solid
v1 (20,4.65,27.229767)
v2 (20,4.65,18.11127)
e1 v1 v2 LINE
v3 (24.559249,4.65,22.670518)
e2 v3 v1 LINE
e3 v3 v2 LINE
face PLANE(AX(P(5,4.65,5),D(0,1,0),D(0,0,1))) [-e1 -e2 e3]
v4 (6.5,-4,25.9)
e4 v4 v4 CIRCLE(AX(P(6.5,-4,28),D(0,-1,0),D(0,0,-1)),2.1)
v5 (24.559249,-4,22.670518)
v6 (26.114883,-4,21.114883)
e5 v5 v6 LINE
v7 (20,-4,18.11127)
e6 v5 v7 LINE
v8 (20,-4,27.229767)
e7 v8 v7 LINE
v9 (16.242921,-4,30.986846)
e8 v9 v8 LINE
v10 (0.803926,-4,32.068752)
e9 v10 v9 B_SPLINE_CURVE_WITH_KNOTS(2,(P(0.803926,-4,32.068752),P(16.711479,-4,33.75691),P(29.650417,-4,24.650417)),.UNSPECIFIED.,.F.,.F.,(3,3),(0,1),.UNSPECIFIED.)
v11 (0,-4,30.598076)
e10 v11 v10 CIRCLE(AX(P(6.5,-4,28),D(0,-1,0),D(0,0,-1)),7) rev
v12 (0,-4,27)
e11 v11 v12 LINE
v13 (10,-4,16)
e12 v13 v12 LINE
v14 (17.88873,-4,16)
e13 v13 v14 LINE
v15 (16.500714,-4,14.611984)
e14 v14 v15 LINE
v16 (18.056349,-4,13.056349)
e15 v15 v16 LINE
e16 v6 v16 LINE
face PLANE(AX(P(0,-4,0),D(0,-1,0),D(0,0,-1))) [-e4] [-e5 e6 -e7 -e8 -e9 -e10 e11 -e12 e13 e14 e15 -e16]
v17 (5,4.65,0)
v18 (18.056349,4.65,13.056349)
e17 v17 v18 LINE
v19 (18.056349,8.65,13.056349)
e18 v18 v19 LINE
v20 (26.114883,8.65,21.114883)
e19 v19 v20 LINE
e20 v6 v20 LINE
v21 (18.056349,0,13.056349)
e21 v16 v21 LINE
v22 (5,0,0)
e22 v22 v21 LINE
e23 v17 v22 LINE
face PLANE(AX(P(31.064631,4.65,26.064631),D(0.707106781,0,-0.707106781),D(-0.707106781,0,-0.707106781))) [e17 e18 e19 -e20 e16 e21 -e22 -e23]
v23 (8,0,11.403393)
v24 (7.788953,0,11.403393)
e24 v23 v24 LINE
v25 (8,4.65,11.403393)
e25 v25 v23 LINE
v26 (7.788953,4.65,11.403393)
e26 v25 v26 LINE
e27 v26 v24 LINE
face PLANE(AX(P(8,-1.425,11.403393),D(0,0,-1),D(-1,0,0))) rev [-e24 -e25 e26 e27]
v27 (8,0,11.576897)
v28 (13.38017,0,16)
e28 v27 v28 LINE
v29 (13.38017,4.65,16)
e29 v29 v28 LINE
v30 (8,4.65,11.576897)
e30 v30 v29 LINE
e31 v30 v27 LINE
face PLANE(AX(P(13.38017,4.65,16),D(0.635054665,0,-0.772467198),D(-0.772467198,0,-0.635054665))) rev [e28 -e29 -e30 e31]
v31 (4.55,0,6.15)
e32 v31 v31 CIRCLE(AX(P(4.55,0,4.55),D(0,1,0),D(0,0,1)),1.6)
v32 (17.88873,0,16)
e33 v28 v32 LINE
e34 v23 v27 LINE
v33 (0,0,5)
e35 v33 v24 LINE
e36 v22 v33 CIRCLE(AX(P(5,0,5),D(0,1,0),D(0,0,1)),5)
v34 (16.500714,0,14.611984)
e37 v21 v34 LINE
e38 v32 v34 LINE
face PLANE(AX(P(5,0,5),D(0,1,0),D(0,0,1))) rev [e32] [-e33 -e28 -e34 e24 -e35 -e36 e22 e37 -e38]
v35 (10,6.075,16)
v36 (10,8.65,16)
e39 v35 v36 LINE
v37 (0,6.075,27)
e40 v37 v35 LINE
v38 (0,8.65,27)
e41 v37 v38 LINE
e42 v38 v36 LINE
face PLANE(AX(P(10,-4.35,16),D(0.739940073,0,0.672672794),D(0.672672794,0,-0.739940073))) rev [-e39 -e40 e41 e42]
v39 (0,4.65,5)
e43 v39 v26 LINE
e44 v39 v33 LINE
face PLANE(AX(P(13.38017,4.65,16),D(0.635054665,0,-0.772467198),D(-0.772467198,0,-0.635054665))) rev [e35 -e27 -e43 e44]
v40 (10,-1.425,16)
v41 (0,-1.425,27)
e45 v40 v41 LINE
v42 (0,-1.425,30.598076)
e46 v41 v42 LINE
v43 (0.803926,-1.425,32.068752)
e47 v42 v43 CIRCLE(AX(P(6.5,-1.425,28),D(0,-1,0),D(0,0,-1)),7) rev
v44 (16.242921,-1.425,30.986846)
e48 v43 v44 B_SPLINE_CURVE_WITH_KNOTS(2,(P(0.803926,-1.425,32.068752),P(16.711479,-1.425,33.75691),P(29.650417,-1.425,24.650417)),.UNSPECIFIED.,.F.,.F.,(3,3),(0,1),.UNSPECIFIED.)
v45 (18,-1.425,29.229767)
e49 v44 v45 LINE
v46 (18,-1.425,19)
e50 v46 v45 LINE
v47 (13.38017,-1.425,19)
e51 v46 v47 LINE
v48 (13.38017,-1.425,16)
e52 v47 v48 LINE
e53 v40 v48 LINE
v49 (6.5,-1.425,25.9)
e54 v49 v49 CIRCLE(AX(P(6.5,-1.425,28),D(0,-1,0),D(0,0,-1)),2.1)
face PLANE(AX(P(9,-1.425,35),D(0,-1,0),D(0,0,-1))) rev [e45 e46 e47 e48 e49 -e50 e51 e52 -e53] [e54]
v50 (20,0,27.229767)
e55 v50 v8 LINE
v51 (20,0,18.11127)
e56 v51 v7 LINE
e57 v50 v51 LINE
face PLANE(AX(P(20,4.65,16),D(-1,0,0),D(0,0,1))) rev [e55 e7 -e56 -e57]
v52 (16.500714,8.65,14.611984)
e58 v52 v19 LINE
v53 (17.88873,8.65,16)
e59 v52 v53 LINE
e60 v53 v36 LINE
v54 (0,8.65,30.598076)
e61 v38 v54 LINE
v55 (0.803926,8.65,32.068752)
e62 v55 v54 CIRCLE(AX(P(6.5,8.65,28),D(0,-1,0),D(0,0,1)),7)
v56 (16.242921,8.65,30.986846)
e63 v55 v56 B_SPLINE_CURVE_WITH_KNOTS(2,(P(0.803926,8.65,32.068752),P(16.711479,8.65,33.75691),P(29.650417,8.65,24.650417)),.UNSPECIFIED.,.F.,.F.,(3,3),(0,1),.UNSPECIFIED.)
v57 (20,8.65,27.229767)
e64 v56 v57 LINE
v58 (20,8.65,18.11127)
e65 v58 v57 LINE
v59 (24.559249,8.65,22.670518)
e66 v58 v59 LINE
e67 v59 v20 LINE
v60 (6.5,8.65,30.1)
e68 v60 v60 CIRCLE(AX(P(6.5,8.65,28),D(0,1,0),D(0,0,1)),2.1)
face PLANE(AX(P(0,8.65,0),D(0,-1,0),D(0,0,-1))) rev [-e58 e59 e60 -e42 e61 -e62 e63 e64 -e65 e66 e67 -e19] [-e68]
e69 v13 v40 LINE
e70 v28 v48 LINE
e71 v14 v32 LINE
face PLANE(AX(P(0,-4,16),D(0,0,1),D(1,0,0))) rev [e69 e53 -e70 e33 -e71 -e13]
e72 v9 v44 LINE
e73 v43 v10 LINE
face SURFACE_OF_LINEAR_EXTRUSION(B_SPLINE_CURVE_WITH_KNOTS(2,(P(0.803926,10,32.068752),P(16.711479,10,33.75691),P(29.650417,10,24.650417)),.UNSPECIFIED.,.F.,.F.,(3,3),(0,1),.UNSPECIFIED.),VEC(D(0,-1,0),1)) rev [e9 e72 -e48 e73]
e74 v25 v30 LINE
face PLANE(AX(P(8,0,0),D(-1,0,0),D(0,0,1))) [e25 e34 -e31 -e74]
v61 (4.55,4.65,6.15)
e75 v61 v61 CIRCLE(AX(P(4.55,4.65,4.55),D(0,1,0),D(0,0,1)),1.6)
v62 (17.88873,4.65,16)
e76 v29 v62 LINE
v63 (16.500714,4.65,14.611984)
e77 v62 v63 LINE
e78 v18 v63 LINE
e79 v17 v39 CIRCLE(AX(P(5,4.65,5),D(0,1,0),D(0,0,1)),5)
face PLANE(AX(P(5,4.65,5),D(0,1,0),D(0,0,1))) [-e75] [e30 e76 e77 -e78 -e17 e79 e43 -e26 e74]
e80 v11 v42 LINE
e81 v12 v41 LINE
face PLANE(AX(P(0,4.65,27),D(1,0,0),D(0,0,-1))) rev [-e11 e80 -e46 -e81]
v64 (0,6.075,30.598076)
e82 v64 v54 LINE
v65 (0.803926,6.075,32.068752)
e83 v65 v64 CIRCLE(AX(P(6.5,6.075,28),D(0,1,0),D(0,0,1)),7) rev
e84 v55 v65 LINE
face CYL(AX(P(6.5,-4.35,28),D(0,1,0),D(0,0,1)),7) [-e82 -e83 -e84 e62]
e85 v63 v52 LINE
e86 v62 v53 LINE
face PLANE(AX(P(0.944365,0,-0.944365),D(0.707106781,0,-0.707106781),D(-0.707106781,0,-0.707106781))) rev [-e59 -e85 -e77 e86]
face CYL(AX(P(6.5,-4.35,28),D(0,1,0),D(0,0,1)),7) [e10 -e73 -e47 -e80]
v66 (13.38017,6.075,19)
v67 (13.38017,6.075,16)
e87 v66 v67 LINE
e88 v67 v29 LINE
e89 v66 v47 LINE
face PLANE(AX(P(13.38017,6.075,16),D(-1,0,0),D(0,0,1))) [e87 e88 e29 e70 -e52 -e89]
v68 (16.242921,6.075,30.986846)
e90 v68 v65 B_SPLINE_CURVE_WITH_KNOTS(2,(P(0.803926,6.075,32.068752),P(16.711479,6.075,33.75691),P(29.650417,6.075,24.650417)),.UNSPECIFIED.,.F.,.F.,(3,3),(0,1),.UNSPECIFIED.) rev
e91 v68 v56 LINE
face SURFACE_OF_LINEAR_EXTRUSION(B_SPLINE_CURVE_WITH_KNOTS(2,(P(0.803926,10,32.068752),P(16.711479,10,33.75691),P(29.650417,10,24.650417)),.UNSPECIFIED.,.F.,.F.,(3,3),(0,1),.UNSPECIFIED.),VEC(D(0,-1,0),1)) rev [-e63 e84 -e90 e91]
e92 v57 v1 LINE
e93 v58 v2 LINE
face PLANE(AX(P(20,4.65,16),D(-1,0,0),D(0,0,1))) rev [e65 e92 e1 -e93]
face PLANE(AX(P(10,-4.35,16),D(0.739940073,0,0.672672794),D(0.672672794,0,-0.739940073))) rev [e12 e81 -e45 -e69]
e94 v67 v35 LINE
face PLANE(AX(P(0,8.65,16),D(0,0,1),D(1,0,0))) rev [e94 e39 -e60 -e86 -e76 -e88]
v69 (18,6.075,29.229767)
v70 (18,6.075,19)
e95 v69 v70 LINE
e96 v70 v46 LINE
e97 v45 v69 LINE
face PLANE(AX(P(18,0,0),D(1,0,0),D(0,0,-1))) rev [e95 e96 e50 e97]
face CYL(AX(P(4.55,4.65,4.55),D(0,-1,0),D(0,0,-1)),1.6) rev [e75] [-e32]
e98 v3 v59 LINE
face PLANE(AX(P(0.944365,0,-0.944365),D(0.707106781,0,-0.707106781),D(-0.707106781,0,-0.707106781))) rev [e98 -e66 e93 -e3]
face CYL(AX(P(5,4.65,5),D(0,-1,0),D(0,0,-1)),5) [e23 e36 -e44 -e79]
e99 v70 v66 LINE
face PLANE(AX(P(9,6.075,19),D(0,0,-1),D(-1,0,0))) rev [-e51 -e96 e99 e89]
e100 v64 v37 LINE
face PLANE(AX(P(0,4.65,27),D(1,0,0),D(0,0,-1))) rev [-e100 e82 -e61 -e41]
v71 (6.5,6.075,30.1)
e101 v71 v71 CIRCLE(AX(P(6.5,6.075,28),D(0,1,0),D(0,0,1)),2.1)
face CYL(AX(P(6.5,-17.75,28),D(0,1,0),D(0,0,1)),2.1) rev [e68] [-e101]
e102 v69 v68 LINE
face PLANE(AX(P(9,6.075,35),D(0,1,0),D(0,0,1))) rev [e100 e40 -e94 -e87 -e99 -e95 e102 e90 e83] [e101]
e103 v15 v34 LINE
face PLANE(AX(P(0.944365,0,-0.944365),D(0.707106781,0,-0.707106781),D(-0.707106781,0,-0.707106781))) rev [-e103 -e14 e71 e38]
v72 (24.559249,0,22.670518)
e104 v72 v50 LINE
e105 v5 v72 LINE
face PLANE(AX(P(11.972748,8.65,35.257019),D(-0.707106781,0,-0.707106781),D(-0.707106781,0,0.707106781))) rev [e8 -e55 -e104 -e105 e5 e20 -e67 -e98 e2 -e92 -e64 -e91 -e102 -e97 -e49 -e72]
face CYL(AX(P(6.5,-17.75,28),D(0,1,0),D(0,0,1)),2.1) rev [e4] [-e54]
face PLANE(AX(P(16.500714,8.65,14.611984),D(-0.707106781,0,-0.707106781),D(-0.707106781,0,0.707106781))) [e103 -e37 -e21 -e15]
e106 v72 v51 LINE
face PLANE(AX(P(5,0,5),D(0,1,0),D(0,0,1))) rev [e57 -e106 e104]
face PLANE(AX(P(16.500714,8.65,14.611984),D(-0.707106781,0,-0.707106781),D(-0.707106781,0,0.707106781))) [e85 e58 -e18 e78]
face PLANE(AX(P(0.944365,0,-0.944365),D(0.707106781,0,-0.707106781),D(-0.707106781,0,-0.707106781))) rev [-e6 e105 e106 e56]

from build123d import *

# Parameters (mm, degrees)
SKETCH_1_R           = 1.6
EXTRUDE_1_DEPTH      = 4.65
SKETCH_7_W           = 9
SKETCH_7_H           = 19
EXTRUDE_4_DEPTH      = 4
SKETCH_8_W           = 9
SKETCH_8_H           = 19
EXTRUDE_5_DEPTH      = 4
SKETCH_9_W           = 16
SKETCH_9_H           = 7.5
CUT_EXTRUDE_3_DEPTH  = 9
SKETCH_11_R          = 2.1
CUT_EXTRUDE_5_DEPTH  = 26.4
EXTRUDE_6_DEPTH      = 9
SKETCH_13_W          = 19
SKETCH_13_H          = 12.65
EXTRUDE_7_DEPTH      = 2
SKETCH_15_W          = 7.596607022
SKETCH_15_H          = 7.5
CUT_EXTRUDE_6_DEPTH  = 8
CUT_EXTRUDE_7_DEPTH  = 8
EXTRUDE_8_DEPTH      = 4.65
CUT_EXTRUDE_9_DEPTH  = 4.65
SKETCH_20_W          = 5.380169682
SKETCH_20_H          = 3
CUT_EXTRUDE_10_DEPTH = 7.5
CUT_EXTRUDE_11_DEPTH = 4.65
CUT_EXTRUDE_13_DEPTH = 13
CUT_EXTRUDE_15_DEPTH = 13
SKETCH_26_W          = 18.396488504
SKETCH_26_H          = 12.65
EXTRUDE_9_DEPTH      = 2.2
SKETCH_28_W          = 2.5
SKETCH_28_H          = 12.65
CUT_EXTRUDE_17_DEPTH = 18
CUT_EXTRUDE_18_DEPTH = 14
SKETCH_31_W          = 5
SKETCH_31_H          = 12.65
CUT_EXTRUDE_19_DEPTH = 20


with BuildPart() as part:
    # 草图1 → 凸台-拉伸1 (new body)
    with BuildSketch(Plane(origin=(0, 0, 0), x_dir=(1, 0, 0), z_dir=(0, 1, 0))):
        with BuildLine():
            Line((5, 0), (20, 0))
            Line((20, 0), (20, -16))
            Line((20, -16), (9, -16))
            Line((9, -16), (9, -35))
            Line((9, -35), (0, -35))
            Line((0, -35), (0, -27))
            Line((0, -27), (0, -5))
            ThreePointArc((0, -5), (1.464466094, -1.464466094), (5, 0))
        make_face()
        with Locations((4.55, -4.55)):
            Circle(SKETCH_1_R, mode=Mode.SUBTRACT)
    extrude(amount=EXTRUDE_1_DEPTH)

    # 草图7 → 凸台-拉伸4 (add)
    with BuildSketch(Plane(origin=(0, 4.65, 0), x_dir=(1, 0, 0), z_dir=(0, 1, 0))):
        with Locations((4.5, -25.5)):
            Rectangle(SKETCH_7_W, SKETCH_7_H)
    extrude(amount=EXTRUDE_4_DEPTH)

    # 草图8 → 凸台-拉伸5 (add)
    with BuildSketch(Plane.XZ):
        with Locations((4.5, 25.5)):
            Rectangle(SKETCH_8_W, SKETCH_8_H)
    extrude(amount=EXTRUDE_5_DEPTH)

    # 草图9 → 切除-拉伸3 (cut)
    with BuildSketch(Plane.ZY):
        with Locations((27, 2.325)):
            Rectangle(SKETCH_9_W, SKETCH_9_H)
    extrude(amount=-CUT_EXTRUDE_3_DEPTH, mode=Mode.SUBTRACT)

    # 草图11 → 切除-拉伸5 (cut)
    with BuildSketch(Plane(origin=(0, 8.65, 0), x_dir=(1, 0, 0), z_dir=(0, 1, 0))):
        with Locations((6.5, -28)):
            Circle(SKETCH_11_R)
    extrude(amount=-CUT_EXTRUDE_5_DEPTH, mode=Mode.SUBTRACT)

    # 草图12 → 凸台-拉伸6 (add)
    with BuildSketch(Plane(origin=(9, 0, 0), x_dir=(0, 0, -1), z_dir=(1, 0, 0))):
        Polygon((-35, 8.65), (-35, 6.075), (-19, 6.075), (-19, -1.425), (-35, -1.425), (-35, -4), (-16, -4), (-16, 8.65), align=None)
    extrude(amount=EXTRUDE_6_DEPTH)

    # 草图13 → 凸台-拉伸7 (add)
    with BuildSketch(Plane(origin=(18, 0, 0), x_dir=(0, 0, -1), z_dir=(1, 0, 0))):
        with Locations((-25.5, 2.325)):
            Rectangle(SKETCH_13_W, SKETCH_13_H)
    extrude(amount=EXTRUDE_7_DEPTH)

    # 草图15 → 切除-拉伸6 (cut)
    with BuildSketch(Plane.ZY):
        with Locations((15.201696489, 2.325)):
            Rectangle(SKETCH_15_W, SKETCH_15_H)
    extrude(amount=-CUT_EXTRUDE_6_DEPTH, mode=Mode.SUBTRACT)

    # 草图16 → 切除-拉伸7 (cut)
    with BuildSketch(Plane(origin=(0, 4.65, 0), x_dir=(1, 0, 0), z_dir=(0, 1, 0))):
        Polygon((0, -5), (5.890898071, -11.403392978), (0, -11.403392978), align=None)
    extrude(amount=-CUT_EXTRUDE_7_DEPTH, mode=Mode.SUBTRACT)

    # 草图17 → 凸台-拉伸8 (add)
    with BuildSketch(Plane.XZ):
        with BuildLine():
            Line((20, 35), (20, 15))
            Line((20, 15), (31.064630957, 26.064630957))
            ThreePointArc((31.064630957, 26.064630957), (26.002686727, 31.114774273), (20, 35))
        make_face()
    extrude(amount=-EXTRUDE_8_DEPTH)

    # 草图19 → 切除-拉伸9 (cut)
    with BuildSketch(Plane(origin=(0, 4.65, 0), x_dir=(1, 0, 0), z_dir=(0, 1, 0))):
        Polygon((20, -15), (5, 0), (20, 0), align=None)
    extrude(amount=-CUT_EXTRUDE_9_DEPTH, mode=Mode.SUBTRACT)

    # 草图20 → 切除-拉伸10 (cut)
    with BuildSketch(Plane(origin=(0, -1.425, 0), x_dir=(1, 0, 0), z_dir=(0, 1, 0))):
        with Locations((10.690084841, -17.5)):
            Rectangle(SKETCH_20_W, SKETCH_20_H)
    extrude(amount=CUT_EXTRUDE_10_DEPTH, mode=Mode.SUBTRACT)

    # 草图21 → 切除-拉伸11 (cut)
    with BuildSketch(Plane.XZ):
        Polygon((13.380169682, 16), (0, 5), (8, 16), align=None)
    extrude(amount=-CUT_EXTRUDE_11_DEPTH, mode=Mode.SUBTRACT)

    # 草图22 → 切除-拉伸13 (cut)
    with BuildSketch(Plane(origin=(0, 8.65, 0), x_dir=(1, 0, 0), z_dir=(0, 1, 0))):
        Polygon((0, -16), (10, -16), (0, -27), align=None)
    extrude(amount=-CUT_EXTRUDE_13_DEPTH, mode=Mode.SUBTRACT)

    # 草图23 → 切除-拉伸15 (cut)
    with BuildSketch(Plane(origin=(0, 8.65, 0), x_dir=(1, 0, 0), z_dir=(0, 1, 0))):
        with BuildLine():
            Line((6.5, -35), (0, -35))
            Line((0, -35), (0, -30.598076211))
            ThreePointArc((0, -30.598076211), (2.574858823, -33.79596987), (6.5, -35))
        make_face()
    extrude(amount=-CUT_EXTRUDE_15_DEPTH, mode=Mode.SUBTRACT)

    # 草图26 → 凸台-拉伸9 (add)
    with BuildSketch(Plane(origin=(2.5, 0, -2.5), x_dir=(-0.707106781, 0, -0.707106781), z_dir=(0.707106781, 0, -0.707106781))):
        with Locations((-31.198244252, 2.325)):
            Rectangle(SKETCH_26_W, SKETCH_26_H)
    extrude(amount=-EXTRUDE_9_DEPTH)

    # 草图28 → 切除-拉伸17 (cut)
    with BuildSketch(Plane(origin=(2.5, 0, -2.5), x_dir=(-0.707106781, 0, -0.707106781), z_dir=(0.707106781, 0, -0.707106781))):
        with Locations((-39.646488504, 2.325)):
            Rectangle(SKETCH_28_W, SKETCH_28_H)
    extrude(amount=-CUT_EXTRUDE_17_DEPTH, mode=Mode.SUBTRACT)

    # 草图29 → 切除-拉伸18 (cut)
    with BuildSketch(Plane.XZ.offset(4)):
        with BuildLine():
            Line((29.650417395, 24.650417395), (19.300834789, 35))
            Line((19.300834789, 35), (1.773611639, 35))
            Line((1.773611639, 35), (0.803925841, 32.06875155))
            add(Edge.make_bspline(
                [(29.650417395, 24.650417395), (16.711479186, 33.756910479), (0.803925841, 32.06875155)],
                knots=[0, 0, 0, 1, 1, 1], degree=2))
        make_face()
    extrude(amount=-CUT_EXTRUDE_18_DEPTH, mode=Mode.SUBTRACT)

    # 草图31 → 切除-拉伸19 (cut)
    with BuildSketch(Plane(origin=(2.5, 0, -2.5), x_dir=(-0.707106781, 0, -0.707106781), z_dir=(0.707106781, 0, -0.707106781))):
        with Locations((-35.896488504, 2.325)):
            Rectangle(SKETCH_31_W, SKETCH_31_H)
    extrude(amount=-CUT_EXTRUDE_19_DEPTH, mode=Mode.SUBTRACT)


solid = part.part
